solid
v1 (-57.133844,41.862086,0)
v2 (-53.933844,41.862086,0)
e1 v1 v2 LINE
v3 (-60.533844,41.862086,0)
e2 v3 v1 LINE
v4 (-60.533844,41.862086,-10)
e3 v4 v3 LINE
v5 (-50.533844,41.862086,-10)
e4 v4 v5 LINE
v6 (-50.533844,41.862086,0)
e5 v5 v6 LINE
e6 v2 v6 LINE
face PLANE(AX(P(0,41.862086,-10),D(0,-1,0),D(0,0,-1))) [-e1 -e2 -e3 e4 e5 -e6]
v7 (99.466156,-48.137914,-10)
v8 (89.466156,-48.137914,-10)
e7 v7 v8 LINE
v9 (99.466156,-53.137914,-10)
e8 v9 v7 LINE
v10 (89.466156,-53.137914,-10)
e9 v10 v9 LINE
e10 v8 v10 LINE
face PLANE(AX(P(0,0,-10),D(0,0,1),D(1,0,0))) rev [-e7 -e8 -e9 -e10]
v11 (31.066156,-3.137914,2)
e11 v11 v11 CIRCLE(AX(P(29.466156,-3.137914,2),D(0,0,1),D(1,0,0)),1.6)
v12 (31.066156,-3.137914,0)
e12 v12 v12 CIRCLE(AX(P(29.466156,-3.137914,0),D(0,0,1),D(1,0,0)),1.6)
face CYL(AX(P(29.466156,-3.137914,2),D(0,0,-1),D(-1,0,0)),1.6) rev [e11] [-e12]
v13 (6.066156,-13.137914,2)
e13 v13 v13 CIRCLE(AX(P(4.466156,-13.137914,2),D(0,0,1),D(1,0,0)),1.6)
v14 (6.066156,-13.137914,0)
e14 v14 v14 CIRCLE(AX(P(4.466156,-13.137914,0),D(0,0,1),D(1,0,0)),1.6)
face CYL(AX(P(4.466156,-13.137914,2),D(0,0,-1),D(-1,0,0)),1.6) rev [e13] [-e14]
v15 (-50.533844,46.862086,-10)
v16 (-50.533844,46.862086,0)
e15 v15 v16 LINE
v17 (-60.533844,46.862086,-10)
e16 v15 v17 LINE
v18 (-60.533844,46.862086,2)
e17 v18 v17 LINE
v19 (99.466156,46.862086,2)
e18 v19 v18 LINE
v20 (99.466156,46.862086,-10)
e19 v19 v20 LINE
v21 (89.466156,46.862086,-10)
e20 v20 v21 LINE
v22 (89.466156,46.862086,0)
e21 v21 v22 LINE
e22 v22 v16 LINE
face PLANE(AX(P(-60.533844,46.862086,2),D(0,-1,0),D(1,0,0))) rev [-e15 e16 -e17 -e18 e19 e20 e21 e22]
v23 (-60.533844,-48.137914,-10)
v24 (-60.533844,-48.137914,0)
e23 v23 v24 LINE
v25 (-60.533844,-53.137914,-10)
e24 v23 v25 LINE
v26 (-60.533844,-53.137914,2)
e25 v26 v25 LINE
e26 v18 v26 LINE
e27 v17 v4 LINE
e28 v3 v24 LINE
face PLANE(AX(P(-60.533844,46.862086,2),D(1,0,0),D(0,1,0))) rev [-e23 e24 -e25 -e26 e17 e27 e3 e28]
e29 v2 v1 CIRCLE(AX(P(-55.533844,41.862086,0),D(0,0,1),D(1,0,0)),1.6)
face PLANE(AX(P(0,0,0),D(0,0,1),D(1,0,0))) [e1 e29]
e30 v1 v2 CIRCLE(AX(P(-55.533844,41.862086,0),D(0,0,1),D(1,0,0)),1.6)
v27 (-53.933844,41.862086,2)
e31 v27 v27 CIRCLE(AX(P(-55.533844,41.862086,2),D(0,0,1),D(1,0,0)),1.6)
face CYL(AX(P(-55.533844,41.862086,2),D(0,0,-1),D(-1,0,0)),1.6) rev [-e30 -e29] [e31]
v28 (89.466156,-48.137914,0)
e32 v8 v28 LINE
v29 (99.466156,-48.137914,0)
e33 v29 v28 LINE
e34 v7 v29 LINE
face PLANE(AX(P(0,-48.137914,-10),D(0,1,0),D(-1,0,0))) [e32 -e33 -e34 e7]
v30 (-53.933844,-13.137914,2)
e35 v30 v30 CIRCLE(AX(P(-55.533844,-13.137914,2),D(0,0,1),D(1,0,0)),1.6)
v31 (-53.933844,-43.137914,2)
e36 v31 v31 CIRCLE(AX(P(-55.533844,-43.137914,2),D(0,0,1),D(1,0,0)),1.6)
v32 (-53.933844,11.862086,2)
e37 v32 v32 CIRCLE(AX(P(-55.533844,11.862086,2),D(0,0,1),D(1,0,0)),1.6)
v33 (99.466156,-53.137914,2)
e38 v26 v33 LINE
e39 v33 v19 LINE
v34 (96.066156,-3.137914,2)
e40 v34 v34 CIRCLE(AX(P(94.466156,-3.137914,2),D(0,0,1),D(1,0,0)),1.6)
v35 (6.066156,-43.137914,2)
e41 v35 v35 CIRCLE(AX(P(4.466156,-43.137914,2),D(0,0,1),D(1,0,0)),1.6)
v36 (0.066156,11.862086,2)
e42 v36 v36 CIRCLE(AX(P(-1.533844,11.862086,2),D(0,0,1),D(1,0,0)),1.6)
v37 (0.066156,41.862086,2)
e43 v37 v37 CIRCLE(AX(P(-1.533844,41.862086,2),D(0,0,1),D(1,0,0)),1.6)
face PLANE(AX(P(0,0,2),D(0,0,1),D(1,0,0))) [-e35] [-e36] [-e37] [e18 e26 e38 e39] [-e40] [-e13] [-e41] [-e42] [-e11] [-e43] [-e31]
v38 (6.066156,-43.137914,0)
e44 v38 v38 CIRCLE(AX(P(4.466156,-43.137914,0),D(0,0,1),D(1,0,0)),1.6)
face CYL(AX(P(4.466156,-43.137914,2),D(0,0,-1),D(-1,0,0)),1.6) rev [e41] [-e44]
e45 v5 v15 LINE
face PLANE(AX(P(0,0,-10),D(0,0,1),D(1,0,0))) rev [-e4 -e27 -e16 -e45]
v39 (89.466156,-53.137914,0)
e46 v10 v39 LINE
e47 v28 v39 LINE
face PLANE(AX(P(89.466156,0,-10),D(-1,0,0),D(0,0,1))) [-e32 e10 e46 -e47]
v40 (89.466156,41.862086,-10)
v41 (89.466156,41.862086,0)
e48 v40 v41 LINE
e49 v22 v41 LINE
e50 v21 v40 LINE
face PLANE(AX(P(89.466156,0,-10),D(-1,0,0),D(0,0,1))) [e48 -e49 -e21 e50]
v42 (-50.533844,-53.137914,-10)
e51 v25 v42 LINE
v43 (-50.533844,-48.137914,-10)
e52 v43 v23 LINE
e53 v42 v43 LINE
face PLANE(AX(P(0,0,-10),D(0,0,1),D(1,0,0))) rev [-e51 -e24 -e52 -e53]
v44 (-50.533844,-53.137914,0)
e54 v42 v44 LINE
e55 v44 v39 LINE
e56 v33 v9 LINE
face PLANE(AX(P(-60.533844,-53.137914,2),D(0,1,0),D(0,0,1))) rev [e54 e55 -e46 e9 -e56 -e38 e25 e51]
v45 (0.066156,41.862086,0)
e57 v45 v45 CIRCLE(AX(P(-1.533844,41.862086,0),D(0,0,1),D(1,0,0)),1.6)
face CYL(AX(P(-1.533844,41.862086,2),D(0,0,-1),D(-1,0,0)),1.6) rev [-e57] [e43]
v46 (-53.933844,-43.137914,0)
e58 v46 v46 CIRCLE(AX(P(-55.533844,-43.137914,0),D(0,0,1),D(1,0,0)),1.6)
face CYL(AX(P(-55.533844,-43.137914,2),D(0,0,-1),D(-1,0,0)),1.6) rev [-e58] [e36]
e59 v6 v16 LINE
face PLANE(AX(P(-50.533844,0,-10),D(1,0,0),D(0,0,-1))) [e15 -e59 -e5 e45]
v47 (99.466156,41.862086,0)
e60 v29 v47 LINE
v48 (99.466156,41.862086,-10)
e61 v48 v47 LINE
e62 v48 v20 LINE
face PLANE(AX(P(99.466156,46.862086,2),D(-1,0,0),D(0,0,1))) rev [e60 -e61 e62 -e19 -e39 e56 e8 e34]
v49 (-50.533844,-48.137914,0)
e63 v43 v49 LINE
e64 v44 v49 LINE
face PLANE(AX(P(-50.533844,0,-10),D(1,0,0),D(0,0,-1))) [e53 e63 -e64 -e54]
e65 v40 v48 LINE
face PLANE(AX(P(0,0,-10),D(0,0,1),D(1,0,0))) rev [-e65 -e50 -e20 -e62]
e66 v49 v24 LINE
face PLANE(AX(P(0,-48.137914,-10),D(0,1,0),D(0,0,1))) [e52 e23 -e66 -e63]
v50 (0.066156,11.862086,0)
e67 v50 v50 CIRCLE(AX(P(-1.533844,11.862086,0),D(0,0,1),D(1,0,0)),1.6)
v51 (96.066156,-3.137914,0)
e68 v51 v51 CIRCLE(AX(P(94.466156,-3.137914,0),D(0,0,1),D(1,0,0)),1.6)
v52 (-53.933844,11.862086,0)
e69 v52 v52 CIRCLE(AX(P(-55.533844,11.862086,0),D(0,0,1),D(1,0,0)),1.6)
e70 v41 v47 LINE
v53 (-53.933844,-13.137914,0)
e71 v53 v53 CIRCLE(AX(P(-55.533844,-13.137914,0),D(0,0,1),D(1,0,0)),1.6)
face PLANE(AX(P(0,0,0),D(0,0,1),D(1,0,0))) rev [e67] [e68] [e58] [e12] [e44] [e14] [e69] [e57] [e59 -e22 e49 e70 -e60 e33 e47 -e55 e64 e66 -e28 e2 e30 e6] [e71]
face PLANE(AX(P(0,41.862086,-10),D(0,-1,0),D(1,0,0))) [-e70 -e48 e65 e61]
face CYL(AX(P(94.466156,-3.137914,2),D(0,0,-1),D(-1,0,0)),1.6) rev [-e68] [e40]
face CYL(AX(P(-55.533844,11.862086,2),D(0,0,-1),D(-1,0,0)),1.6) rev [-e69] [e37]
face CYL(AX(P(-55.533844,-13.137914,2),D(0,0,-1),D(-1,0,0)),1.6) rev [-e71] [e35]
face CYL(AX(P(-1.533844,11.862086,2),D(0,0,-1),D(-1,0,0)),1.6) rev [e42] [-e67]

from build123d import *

# Parameters (mm, degrees)
SKETCH_1_W      = 160
SKETCH_1_H      = 100
SKETCH_1_R      = 1.6
EXTRUDE_1_DEPTH = 2
EXTRUDE_START   = -2
SKETCH_2_W      = 10
SKETCH_2_H      = 5
EXTRUDE_2_DEPTH = 10


with BuildPart() as part:
    # 草图1 → 凸台-拉伸1 (new body)
    with BuildSketch(Plane.XY):
        with Locations((19.466155548, -3.137913989)):
            Rectangle(SKETCH_1_W, SKETCH_1_H)
        with Locations((94.466155548, -3.137913989)):
            Circle(SKETCH_1_R, mode=Mode.SUBTRACT)
        with Locations((29.466155548, -3.137913989)):
            Circle(SKETCH_1_R, mode=Mode.SUBTRACT)
        with Locations((-55.533844452, -43.137913989)):
            Circle(SKETCH_1_R, mode=Mode.SUBTRACT)
        with Locations((-55.533844452, -13.137913989)):
            Circle(SKETCH_1_R, mode=Mode.SUBTRACT)
        with Locations((4.466155548, -13.137913989)):
            Circle(SKETCH_1_R, mode=Mode.SUBTRACT)
        with Locations((4.466155548, -43.137913989)):
            Circle(SKETCH_1_R, mode=Mode.SUBTRACT)
        with Locations((-55.533844452, 41.862086011)):
            Circle(SKETCH_1_R, mode=Mode.SUBTRACT)
        with Locations((-55.533844452, 11.862086011)):
            Circle(SKETCH_1_R, mode=Mode.SUBTRACT)
        with Locations((-1.533844452, 11.862086011)):
            Circle(SKETCH_1_R, mode=Mode.SUBTRACT)
        with Locations((-1.533844452, 41.862086011)):
            Circle(SKETCH_1_R, mode=Mode.SUBTRACT)
    extrude(amount=EXTRUDE_1_DEPTH)

    # 草图2 → 凸台-拉伸2 (add)
    with BuildSketch(Plane.XY.offset(2).offset(EXTRUDE_START)):
        with Locations((-55.533844452, 44.362086011)):
            Rectangle(SKETCH_2_W, SKETCH_2_H)
        with Locations((94.466155548, 44.362086011)):
            Rectangle(SKETCH_2_W, SKETCH_2_H)
        with Locations((94.466155548, -50.637913989)):
            Rectangle(SKETCH_2_W, SKETCH_2_H)
        with Locations((-55.533844452, -50.637913989)):
            Rectangle(SKETCH_2_W, SKETCH_2_H)
    extrude(amount=-EXTRUDE_2_DEPTH)


solid = part.part
